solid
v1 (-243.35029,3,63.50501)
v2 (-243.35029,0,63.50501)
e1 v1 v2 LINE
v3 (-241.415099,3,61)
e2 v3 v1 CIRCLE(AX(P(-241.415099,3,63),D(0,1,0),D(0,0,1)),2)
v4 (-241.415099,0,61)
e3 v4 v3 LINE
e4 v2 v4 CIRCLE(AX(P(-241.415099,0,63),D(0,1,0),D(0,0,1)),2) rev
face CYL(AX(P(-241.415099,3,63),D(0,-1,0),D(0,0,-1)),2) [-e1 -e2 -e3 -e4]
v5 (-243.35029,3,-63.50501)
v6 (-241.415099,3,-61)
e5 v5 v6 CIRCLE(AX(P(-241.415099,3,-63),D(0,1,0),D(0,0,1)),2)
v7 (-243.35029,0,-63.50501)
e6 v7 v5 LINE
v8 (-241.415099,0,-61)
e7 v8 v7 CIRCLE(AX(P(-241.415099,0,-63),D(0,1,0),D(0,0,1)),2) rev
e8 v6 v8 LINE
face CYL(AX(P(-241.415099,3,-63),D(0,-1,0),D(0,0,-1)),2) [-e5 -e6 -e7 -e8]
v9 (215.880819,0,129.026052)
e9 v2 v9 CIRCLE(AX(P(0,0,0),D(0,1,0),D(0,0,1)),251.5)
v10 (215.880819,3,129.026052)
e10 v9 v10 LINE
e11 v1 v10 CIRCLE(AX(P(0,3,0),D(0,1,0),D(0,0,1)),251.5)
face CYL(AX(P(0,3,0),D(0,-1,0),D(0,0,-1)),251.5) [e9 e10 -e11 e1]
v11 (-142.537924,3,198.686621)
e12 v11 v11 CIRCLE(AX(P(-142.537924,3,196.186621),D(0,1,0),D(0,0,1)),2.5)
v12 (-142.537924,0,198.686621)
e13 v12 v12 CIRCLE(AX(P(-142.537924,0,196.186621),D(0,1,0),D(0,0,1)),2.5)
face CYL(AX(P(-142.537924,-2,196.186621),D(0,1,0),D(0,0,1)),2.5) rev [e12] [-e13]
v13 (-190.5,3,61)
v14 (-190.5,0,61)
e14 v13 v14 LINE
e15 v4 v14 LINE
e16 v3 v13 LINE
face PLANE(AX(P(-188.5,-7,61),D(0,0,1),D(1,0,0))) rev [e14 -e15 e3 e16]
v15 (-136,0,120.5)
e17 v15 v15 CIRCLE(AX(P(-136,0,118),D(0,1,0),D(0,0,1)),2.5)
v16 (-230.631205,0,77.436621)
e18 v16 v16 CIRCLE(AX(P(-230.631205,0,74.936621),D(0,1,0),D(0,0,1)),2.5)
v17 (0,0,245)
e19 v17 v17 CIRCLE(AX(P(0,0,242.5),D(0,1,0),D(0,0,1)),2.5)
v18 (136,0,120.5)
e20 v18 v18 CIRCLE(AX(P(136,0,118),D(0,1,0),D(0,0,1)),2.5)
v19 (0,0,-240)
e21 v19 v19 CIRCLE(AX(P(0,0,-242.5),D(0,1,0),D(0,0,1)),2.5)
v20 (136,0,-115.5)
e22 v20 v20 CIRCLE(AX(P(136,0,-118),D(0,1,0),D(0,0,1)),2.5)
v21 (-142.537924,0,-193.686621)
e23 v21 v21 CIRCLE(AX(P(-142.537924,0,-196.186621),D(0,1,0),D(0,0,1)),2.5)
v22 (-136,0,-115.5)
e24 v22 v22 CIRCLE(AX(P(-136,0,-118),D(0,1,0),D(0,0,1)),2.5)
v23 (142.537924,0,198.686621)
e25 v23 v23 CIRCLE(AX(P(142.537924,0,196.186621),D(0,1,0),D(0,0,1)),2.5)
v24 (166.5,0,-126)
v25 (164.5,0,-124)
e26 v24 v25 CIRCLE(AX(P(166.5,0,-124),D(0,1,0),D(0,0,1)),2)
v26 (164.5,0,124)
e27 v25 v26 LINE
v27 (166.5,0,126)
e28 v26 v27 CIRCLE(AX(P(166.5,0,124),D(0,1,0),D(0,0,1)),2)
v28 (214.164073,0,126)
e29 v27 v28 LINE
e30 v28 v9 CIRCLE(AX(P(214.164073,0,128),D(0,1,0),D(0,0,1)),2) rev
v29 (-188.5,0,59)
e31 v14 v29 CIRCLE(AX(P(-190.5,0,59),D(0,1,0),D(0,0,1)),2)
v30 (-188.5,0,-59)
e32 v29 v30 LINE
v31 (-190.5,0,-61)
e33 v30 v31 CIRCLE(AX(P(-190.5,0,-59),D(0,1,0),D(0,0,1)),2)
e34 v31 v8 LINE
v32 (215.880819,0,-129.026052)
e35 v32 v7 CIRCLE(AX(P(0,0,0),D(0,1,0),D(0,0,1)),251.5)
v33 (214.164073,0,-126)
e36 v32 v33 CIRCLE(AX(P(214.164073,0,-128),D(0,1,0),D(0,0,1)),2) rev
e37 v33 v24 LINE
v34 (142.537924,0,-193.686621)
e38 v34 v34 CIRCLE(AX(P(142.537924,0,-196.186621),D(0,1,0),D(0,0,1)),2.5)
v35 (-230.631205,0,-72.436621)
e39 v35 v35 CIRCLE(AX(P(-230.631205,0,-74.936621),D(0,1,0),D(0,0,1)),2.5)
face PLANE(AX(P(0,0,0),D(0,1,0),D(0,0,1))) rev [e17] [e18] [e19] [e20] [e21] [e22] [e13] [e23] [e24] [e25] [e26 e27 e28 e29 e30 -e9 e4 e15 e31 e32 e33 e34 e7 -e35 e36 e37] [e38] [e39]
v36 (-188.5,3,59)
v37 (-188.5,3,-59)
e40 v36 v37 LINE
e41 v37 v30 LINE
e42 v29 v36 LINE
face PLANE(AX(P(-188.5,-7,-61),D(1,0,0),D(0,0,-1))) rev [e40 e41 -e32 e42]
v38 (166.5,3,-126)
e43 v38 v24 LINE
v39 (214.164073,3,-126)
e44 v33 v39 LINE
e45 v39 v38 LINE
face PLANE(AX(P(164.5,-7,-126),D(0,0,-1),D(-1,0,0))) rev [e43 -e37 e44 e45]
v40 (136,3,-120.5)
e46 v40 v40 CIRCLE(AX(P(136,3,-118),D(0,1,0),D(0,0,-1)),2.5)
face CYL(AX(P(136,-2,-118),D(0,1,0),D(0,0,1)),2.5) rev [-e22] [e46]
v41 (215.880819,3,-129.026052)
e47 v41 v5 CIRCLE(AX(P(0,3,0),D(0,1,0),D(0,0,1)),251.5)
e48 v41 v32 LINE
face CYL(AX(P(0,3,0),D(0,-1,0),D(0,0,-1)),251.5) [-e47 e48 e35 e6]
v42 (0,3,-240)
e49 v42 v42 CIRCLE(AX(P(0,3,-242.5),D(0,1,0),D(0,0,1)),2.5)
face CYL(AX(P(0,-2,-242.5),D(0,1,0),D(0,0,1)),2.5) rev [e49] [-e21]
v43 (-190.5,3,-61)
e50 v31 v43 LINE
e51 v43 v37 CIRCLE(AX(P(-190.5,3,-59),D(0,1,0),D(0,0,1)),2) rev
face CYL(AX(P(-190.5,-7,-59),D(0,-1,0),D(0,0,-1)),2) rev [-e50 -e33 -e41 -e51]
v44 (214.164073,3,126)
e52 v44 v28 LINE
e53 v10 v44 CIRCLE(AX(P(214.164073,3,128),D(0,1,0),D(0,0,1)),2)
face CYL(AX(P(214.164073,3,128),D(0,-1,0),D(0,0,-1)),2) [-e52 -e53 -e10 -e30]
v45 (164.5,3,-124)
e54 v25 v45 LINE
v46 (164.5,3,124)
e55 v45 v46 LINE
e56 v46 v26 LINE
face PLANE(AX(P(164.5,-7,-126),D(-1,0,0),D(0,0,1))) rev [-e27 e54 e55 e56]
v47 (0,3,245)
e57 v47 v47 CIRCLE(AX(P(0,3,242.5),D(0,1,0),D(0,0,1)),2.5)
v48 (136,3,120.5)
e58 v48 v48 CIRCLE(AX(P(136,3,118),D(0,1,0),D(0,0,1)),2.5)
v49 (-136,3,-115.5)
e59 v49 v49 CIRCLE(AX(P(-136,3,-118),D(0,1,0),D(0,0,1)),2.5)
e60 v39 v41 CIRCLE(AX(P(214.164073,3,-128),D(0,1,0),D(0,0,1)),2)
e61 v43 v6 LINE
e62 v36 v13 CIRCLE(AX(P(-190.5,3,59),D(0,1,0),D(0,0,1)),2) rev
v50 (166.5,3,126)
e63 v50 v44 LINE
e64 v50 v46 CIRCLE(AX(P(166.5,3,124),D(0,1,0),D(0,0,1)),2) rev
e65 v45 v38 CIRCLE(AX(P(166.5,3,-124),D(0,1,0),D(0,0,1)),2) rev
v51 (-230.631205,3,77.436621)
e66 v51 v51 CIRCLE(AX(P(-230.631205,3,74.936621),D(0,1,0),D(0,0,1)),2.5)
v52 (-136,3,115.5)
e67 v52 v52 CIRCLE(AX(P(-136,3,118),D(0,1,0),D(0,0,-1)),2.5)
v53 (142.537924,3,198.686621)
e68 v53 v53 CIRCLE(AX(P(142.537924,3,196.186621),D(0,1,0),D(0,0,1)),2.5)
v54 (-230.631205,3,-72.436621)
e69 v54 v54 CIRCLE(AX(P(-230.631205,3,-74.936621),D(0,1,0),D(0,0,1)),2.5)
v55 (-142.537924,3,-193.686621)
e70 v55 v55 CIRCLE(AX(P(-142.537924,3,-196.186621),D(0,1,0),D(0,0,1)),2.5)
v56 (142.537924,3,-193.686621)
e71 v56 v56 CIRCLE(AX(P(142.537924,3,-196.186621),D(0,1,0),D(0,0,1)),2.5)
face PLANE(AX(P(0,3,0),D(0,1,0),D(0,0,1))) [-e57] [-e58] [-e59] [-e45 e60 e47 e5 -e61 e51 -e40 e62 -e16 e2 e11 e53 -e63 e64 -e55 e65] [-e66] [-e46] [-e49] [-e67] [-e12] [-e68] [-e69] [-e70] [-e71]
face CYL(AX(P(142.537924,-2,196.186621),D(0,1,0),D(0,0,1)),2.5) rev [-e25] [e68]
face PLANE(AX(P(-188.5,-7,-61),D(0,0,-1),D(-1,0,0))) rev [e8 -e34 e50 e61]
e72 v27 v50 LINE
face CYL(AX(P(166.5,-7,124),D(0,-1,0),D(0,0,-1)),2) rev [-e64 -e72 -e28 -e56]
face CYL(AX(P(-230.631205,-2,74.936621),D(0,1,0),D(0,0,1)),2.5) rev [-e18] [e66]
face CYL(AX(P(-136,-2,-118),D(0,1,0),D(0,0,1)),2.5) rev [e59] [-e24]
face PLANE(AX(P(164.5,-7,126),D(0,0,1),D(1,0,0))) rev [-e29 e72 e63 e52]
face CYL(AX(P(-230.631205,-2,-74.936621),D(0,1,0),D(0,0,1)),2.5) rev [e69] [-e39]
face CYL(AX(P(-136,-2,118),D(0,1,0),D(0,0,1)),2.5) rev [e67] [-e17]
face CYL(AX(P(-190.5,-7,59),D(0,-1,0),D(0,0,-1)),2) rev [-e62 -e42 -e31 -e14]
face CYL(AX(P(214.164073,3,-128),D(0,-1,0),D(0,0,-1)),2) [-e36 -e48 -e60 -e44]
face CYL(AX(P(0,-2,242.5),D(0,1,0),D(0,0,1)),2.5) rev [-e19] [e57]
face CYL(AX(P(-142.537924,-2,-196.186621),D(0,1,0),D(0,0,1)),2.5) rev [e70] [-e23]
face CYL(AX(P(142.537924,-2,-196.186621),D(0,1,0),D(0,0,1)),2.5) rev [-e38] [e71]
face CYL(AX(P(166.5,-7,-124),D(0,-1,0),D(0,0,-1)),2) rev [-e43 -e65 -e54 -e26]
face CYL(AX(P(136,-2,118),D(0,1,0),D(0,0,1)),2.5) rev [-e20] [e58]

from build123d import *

# Parameters (mm, degrees)
SKETCH1_R           = 251.5
BOSS_EXTRUDE1_DEPTH = 3
SKETCH2_R           = 2.5
CUT_EXTRUDE1_DEPTH  = 5
SKETCH4_R           = 2.5
CUT_EXTRUDE3_DEPTH  = 5
SKETCH5_W           = 73.96870399
SKETCH5_H           = 122
SKETCH5_W_2         = 122.237238898
SKETCH5_H_2         = 252
CUT_EXTRUDE4_DEPTH  = 10
FILLET1_R           = 2


with BuildPart() as part:
    # Sketch1 → Boss-Extrude1 (new body)
    with BuildSketch(Plane(origin=(0, 0, 0), x_dir=(1, 0, 0), z_dir=(0, 1, 0))):
        with Locations(Location((0, 0, 0), (0, 0, 270))):
            Circle(SKETCH1_R)
    extrude(amount=BOSS_EXTRUDE1_DEPTH)

    # Sketch2 → Cut-Extrude1 (cut)
    with BuildSketch(Plane(origin=(0, 3, 0), x_dir=(1, 0, 0), z_dir=(0, 1, 0))):
        with Locations(Location((-136, 118, 0), (0, 0, 270))):
            Circle(SKETCH2_R)
        with Locations(Location((136, 118, 0), (0, 0, 270))):
            Circle(SKETCH2_R)
        with Locations(Location((136, -118, 0), (0, 0, 270))):
            Circle(SKETCH2_R)
        with Locations(Location((-136, -118, 0), (0, 0, 270))):
            Circle(SKETCH2_R)
    extrude(amount=-CUT_EXTRUDE1_DEPTH, mode=Mode.SUBTRACT)

    # Sketch4 → Cut-Extrude3 (cut)
    with BuildSketch(Plane(origin=(0, 3, 0), x_dir=(1, 0, 0), z_dir=(0, 1, 0))):
        with Locations(Location((0, 242.5, 0), (0, 0, 270))):
            Circle(SKETCH4_R)
        with Locations(Location((142.537923681, 196.186621136, 0), (0, 0, 270))):
            Circle(SKETCH4_R)
        with Locations(Location((230.631205202, 74.936621136, 0), (0, 0, 270))):
            Circle(SKETCH4_R)
        with Locations(Location((230.631205202, -74.936621136, 0), (0, 0, 270))):
            Circle(SKETCH4_R)
        with Locations(Location((142.537923681, -196.186621136, 0), (0, 0, 270))):
            Circle(SKETCH4_R)
        with Locations(Location((0, -242.5, 0), (0, 0, 270))):
            Circle(SKETCH4_R)
        with Locations(Location((-142.537923681, -196.186621136, 0), (0, 0, 270))):
            Circle(SKETCH4_R)
        with Locations(Location((-230.631205202, -74.936621136, 0), (0, 0, 270))):
            Circle(SKETCH4_R)
        with Locations(Location((-230.631205202, 74.936621136, 0), (0, 0, 270))):
            Circle(SKETCH4_R)
        with Locations(Location((-142.537923681, 196.186621136, 0), (0, 0, 270))):
            Circle(SKETCH4_R)
    extrude(amount=-CUT_EXTRUDE3_DEPTH, mode=Mode.SUBTRACT)

    # Sketch5 → Cut-Extrude4 (cut)
    with BuildSketch(Plane(origin=(0, 3, 0), x_dir=(1, 0, 0), z_dir=(0, 1, 0))):
        with Locations((-225.484351995, 0)):
            Rectangle(SKETCH5_W, SKETCH5_H)
        with Locations((225.618619449, 0)):
            Rectangle(SKETCH5_W_2, SKETCH5_H_2)
    extrude(amount=-CUT_EXTRUDE4_DEPTH, mode=Mode.SUBTRACT)

    # Fillet1
    fillet1_edges = [part.edges().sort_by_distance(p)[0] for p in [
        (-188.5, 1.5, -61),
        (-243.990266199, 1.5, 61),
        (-188.5, 1.5, 61),
        (-243.990266199, 1.5, -61),
        (164.5, 1.5, 126),
        (217.660860055, 1.5, -126),
        (164.5, 1.5, -126),
        (217.660860055, 1.5, 126),
    ]]
    fillet(fillet1_edges, radius=FILLET1_R)


solid = part.part
